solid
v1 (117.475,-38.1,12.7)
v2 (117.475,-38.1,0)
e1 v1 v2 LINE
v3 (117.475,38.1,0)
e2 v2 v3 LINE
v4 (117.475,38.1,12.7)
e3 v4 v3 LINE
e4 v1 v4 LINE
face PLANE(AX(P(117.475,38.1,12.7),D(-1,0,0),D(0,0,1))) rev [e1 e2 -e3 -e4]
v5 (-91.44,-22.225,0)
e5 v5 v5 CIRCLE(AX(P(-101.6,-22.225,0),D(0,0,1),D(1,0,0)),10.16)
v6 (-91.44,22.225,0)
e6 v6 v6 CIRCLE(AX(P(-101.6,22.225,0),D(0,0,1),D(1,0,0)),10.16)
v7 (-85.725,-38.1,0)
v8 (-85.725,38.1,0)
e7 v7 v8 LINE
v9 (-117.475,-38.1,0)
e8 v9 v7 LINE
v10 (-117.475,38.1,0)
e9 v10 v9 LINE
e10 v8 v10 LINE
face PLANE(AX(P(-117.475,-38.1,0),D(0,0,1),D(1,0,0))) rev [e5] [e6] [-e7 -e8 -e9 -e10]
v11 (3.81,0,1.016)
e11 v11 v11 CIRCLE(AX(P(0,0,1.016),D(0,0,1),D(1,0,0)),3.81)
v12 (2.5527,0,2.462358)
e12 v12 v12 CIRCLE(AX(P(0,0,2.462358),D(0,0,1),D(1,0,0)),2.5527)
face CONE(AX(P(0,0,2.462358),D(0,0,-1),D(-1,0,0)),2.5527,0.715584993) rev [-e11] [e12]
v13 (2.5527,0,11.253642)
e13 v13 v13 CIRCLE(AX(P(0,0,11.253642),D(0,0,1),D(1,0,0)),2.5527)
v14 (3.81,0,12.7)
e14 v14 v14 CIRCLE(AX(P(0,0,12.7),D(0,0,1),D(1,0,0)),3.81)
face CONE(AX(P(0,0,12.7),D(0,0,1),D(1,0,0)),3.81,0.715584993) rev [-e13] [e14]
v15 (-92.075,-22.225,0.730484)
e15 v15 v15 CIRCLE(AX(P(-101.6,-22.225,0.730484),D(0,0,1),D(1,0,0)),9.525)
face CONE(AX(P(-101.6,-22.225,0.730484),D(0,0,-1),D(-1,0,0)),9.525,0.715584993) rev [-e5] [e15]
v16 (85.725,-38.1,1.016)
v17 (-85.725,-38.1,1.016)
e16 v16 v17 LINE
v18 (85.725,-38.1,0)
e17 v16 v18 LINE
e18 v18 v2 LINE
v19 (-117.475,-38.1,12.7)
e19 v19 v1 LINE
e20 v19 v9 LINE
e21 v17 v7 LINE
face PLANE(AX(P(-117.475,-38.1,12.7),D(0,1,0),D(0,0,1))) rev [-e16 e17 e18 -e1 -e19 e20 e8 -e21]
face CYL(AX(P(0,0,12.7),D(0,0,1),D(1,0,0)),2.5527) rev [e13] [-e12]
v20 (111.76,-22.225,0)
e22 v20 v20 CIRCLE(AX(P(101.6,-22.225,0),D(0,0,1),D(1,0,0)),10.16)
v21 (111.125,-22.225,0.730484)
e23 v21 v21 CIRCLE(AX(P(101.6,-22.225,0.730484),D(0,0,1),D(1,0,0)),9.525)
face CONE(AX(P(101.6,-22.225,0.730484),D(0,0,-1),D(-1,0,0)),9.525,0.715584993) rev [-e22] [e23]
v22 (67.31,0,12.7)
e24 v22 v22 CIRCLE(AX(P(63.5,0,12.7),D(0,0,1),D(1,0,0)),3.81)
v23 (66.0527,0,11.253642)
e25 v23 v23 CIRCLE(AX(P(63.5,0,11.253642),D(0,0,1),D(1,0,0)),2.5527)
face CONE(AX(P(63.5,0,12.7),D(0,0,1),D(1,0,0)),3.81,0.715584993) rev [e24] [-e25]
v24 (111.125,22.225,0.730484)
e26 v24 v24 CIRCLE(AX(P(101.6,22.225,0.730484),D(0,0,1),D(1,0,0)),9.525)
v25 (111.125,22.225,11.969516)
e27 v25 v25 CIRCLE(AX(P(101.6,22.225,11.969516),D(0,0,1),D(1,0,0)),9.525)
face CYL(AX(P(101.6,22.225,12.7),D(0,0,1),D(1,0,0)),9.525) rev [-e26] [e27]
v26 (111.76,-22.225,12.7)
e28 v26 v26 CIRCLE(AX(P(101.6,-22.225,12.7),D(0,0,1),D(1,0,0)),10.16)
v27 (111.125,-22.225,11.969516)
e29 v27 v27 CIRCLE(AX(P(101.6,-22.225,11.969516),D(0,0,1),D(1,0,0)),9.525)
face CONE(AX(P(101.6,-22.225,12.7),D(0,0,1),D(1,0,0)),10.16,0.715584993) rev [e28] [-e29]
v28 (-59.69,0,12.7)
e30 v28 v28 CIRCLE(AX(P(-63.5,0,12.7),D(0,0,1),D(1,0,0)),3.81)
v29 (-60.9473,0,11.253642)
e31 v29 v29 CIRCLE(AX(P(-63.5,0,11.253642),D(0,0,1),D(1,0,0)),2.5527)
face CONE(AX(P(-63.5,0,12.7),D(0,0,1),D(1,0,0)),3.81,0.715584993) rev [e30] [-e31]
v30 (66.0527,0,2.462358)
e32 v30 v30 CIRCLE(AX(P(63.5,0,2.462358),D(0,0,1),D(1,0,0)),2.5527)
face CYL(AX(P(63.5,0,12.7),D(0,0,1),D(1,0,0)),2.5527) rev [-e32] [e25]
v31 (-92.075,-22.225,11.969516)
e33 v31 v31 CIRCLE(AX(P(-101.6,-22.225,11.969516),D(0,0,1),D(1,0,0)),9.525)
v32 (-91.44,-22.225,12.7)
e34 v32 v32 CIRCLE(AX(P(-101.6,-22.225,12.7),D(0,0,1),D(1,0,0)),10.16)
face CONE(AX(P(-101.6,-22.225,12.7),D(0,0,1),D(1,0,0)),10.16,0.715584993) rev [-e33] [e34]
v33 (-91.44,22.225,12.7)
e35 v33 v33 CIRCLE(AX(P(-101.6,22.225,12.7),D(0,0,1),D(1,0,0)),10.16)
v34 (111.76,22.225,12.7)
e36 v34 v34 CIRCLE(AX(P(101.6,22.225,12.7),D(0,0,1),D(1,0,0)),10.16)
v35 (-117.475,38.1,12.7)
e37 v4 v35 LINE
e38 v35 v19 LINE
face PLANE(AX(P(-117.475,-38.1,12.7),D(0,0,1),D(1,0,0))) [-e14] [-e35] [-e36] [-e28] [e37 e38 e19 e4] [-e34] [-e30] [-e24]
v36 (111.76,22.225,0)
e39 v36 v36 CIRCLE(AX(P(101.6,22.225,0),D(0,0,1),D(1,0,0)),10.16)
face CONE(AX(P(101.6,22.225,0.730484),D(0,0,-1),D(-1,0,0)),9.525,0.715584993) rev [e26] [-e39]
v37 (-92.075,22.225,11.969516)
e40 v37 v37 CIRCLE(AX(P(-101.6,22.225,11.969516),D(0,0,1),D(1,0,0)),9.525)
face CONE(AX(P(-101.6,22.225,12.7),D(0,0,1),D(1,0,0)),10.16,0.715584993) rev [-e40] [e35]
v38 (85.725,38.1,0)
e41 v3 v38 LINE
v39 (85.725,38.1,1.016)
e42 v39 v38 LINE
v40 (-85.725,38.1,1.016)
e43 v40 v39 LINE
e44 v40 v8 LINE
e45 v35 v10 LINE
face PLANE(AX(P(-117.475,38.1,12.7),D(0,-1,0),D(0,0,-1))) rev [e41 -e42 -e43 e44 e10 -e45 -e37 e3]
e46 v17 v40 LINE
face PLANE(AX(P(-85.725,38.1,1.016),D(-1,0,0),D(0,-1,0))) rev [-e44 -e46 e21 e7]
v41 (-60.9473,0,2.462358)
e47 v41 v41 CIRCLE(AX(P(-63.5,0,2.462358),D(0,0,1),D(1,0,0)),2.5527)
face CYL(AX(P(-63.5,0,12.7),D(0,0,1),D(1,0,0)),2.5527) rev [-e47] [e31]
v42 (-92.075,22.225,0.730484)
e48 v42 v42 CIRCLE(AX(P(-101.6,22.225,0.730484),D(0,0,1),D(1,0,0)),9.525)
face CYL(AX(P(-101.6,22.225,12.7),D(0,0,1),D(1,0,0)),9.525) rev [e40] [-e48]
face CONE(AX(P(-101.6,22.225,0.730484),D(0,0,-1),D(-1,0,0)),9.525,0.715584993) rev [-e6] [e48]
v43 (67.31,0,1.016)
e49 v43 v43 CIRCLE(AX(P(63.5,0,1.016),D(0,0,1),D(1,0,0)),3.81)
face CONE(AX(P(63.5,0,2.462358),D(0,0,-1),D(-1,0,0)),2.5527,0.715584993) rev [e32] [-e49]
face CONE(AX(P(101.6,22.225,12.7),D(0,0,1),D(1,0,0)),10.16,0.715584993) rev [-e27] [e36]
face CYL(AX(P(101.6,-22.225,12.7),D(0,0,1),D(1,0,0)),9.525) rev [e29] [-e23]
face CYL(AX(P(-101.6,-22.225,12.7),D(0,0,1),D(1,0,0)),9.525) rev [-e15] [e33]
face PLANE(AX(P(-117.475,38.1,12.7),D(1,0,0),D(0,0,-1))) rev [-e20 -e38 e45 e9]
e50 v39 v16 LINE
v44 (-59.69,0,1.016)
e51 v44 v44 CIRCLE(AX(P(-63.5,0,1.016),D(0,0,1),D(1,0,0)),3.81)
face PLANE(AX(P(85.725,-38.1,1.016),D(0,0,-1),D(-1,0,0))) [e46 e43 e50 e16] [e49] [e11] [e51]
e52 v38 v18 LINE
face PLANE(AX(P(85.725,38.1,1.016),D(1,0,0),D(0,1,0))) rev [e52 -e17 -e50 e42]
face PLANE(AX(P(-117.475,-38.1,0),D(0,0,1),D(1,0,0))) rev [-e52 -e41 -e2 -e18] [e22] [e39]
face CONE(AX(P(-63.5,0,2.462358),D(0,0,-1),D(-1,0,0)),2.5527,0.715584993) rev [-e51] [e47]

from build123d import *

# Parameters (mm, degrees)
SKETCH1_W                        = 234.95
SKETCH1_H                        = 76.2
EXTRUDE1_DEPTH                   = 12.7
F_1_2_CLEARANCE_HOLE1_AT_2_COUNT = 2
F_1_2_CLEARANCE_HOLE1_AT_2_PITCH = 44.45
F_1_2_CLEARANCE_HOLE1_AT_3_COUNT = 2
F_1_2_CLEARANCE_HOLE1_AT_3_PITCH = 203.2
F_1_2_CLEARANCE_HOLE1_AT_4_COUNT = 2
F_1_2_CLEARANCE_HOLE1_AT_4_PITCH = 208.004909798
SKETCH6_W                        = 171.45
SKETCH6_H                        = 76.2
CUT_EXTRUDE1_DEPTH               = 1.016
F_1_4_20_TAPPED_HOLE1_AT_2_COUNT = 2
F_1_4_20_TAPPED_HOLE1_AT_2_PITCH = 63.5
F_1_4_20_TAPPED_HOLE1_AT_3_COUNT = 2
F_1_4_20_TAPPED_HOLE1_AT_3_PITCH = 127


with BuildPart() as part:
    # Sketch1 → Extrude1 (new body)
    with BuildSketch(Plane.XY):
        Rectangle(SKETCH1_W, SKETCH1_H)
    extrude(amount=EXTRUDE1_DEPTH)

    # Sketch2 → 1/2 Clearance Hole1 (revolve, cut)
    with BuildSketch(Plane(origin=(-101.6, 22.225, 12.7), x_dir=(0, -1, 0), z_dir=(1, 0, 0))):
        Polygon((0, 0), (0, 12.7), (10.16, 12.7), (9.525, 11.969516061), (9.525, 0.730483939), (10.16, 0), align=None)
    f_1_2_clearance_hole1 = revolve(axis=Axis((-101.6, 22.225, 19.05), (0, 0, -1)), mode=Mode.SUBTRACT)

    # 1/2 Clearance Hole1 at 2: 1/2 Clearance Hole1 ×2
    with Locations(*[(0, -i * F_1_2_CLEARANCE_HOLE1_AT_2_PITCH, 0) for i in range(1, F_1_2_CLEARANCE_HOLE1_AT_2_COUNT)]):
        add(f_1_2_clearance_hole1, mode=Mode.SUBTRACT)

    # 1/2 Clearance Hole1 at 3: 1/2 Clearance Hole1 ×2
    with Locations(*[(i * F_1_2_CLEARANCE_HOLE1_AT_3_PITCH, 0, 0) for i in range(1, F_1_2_CLEARANCE_HOLE1_AT_3_COUNT)]):
        add(f_1_2_clearance_hole1, mode=Mode.SUBTRACT)

    # 1/2 Clearance Hole1 at 4: 1/2 Clearance Hole1 ×2
    with Locations(*[Vector(0.976900017, -0.213696879, 0) * (i * F_1_2_CLEARANCE_HOLE1_AT_4_PITCH) for i in range(1, F_1_2_CLEARANCE_HOLE1_AT_4_COUNT)]):
        add(f_1_2_clearance_hole1, mode=Mode.SUBTRACT)

    # Sketch6 → Cut-Extrude1 (cut)
    with BuildSketch(Plane(origin=(0, 0, 0), x_dir=(-1, 0, 0), z_dir=(0, 0, -1))):
        Rectangle(SKETCH6_W, SKETCH6_H)
    extrude(amount=-CUT_EXTRUDE1_DEPTH, mode=Mode.SUBTRACT)

    # Sketch4 → 1/4-20 Tapped Hole1 (revolve, cut)
    with BuildSketch(Plane(origin=(-63.5, 0, 12.7), x_dir=(0, -1, 0), z_dir=(1, 0, 0))):
        Polygon((0, 0), (0, 11.684), (3.81, 11.684), (2.5527, 10.237641802), (2.5527, 1.446358198), (3.81, 0), align=None)
    f_1_4_20_tapped_hole1 = revolve(axis=Axis((-63.5, 0, 19.05), (0, 0, -1)), mode=Mode.SUBTRACT)

    # 1/4-20 Tapped Hole1 at 2: 1/4-20 Tapped Hole1 ×2
    with Locations(*[(i * F_1_4_20_TAPPED_HOLE1_AT_2_PITCH, 0, 0) for i in range(1, F_1_4_20_TAPPED_HOLE1_AT_2_COUNT)]):
        add(f_1_4_20_tapped_hole1, mode=Mode.SUBTRACT)

    # 1/4-20 Tapped Hole1 at 3: 1/4-20 Tapped Hole1 ×2
    with Locations(*[(i * F_1_4_20_TAPPED_HOLE1_AT_3_PITCH, 0, 0) for i in range(1, F_1_4_20_TAPPED_HOLE1_AT_3_COUNT)]):
        add(f_1_4_20_tapped_hole1, mode=Mode.SUBTRACT)


solid = part.part
